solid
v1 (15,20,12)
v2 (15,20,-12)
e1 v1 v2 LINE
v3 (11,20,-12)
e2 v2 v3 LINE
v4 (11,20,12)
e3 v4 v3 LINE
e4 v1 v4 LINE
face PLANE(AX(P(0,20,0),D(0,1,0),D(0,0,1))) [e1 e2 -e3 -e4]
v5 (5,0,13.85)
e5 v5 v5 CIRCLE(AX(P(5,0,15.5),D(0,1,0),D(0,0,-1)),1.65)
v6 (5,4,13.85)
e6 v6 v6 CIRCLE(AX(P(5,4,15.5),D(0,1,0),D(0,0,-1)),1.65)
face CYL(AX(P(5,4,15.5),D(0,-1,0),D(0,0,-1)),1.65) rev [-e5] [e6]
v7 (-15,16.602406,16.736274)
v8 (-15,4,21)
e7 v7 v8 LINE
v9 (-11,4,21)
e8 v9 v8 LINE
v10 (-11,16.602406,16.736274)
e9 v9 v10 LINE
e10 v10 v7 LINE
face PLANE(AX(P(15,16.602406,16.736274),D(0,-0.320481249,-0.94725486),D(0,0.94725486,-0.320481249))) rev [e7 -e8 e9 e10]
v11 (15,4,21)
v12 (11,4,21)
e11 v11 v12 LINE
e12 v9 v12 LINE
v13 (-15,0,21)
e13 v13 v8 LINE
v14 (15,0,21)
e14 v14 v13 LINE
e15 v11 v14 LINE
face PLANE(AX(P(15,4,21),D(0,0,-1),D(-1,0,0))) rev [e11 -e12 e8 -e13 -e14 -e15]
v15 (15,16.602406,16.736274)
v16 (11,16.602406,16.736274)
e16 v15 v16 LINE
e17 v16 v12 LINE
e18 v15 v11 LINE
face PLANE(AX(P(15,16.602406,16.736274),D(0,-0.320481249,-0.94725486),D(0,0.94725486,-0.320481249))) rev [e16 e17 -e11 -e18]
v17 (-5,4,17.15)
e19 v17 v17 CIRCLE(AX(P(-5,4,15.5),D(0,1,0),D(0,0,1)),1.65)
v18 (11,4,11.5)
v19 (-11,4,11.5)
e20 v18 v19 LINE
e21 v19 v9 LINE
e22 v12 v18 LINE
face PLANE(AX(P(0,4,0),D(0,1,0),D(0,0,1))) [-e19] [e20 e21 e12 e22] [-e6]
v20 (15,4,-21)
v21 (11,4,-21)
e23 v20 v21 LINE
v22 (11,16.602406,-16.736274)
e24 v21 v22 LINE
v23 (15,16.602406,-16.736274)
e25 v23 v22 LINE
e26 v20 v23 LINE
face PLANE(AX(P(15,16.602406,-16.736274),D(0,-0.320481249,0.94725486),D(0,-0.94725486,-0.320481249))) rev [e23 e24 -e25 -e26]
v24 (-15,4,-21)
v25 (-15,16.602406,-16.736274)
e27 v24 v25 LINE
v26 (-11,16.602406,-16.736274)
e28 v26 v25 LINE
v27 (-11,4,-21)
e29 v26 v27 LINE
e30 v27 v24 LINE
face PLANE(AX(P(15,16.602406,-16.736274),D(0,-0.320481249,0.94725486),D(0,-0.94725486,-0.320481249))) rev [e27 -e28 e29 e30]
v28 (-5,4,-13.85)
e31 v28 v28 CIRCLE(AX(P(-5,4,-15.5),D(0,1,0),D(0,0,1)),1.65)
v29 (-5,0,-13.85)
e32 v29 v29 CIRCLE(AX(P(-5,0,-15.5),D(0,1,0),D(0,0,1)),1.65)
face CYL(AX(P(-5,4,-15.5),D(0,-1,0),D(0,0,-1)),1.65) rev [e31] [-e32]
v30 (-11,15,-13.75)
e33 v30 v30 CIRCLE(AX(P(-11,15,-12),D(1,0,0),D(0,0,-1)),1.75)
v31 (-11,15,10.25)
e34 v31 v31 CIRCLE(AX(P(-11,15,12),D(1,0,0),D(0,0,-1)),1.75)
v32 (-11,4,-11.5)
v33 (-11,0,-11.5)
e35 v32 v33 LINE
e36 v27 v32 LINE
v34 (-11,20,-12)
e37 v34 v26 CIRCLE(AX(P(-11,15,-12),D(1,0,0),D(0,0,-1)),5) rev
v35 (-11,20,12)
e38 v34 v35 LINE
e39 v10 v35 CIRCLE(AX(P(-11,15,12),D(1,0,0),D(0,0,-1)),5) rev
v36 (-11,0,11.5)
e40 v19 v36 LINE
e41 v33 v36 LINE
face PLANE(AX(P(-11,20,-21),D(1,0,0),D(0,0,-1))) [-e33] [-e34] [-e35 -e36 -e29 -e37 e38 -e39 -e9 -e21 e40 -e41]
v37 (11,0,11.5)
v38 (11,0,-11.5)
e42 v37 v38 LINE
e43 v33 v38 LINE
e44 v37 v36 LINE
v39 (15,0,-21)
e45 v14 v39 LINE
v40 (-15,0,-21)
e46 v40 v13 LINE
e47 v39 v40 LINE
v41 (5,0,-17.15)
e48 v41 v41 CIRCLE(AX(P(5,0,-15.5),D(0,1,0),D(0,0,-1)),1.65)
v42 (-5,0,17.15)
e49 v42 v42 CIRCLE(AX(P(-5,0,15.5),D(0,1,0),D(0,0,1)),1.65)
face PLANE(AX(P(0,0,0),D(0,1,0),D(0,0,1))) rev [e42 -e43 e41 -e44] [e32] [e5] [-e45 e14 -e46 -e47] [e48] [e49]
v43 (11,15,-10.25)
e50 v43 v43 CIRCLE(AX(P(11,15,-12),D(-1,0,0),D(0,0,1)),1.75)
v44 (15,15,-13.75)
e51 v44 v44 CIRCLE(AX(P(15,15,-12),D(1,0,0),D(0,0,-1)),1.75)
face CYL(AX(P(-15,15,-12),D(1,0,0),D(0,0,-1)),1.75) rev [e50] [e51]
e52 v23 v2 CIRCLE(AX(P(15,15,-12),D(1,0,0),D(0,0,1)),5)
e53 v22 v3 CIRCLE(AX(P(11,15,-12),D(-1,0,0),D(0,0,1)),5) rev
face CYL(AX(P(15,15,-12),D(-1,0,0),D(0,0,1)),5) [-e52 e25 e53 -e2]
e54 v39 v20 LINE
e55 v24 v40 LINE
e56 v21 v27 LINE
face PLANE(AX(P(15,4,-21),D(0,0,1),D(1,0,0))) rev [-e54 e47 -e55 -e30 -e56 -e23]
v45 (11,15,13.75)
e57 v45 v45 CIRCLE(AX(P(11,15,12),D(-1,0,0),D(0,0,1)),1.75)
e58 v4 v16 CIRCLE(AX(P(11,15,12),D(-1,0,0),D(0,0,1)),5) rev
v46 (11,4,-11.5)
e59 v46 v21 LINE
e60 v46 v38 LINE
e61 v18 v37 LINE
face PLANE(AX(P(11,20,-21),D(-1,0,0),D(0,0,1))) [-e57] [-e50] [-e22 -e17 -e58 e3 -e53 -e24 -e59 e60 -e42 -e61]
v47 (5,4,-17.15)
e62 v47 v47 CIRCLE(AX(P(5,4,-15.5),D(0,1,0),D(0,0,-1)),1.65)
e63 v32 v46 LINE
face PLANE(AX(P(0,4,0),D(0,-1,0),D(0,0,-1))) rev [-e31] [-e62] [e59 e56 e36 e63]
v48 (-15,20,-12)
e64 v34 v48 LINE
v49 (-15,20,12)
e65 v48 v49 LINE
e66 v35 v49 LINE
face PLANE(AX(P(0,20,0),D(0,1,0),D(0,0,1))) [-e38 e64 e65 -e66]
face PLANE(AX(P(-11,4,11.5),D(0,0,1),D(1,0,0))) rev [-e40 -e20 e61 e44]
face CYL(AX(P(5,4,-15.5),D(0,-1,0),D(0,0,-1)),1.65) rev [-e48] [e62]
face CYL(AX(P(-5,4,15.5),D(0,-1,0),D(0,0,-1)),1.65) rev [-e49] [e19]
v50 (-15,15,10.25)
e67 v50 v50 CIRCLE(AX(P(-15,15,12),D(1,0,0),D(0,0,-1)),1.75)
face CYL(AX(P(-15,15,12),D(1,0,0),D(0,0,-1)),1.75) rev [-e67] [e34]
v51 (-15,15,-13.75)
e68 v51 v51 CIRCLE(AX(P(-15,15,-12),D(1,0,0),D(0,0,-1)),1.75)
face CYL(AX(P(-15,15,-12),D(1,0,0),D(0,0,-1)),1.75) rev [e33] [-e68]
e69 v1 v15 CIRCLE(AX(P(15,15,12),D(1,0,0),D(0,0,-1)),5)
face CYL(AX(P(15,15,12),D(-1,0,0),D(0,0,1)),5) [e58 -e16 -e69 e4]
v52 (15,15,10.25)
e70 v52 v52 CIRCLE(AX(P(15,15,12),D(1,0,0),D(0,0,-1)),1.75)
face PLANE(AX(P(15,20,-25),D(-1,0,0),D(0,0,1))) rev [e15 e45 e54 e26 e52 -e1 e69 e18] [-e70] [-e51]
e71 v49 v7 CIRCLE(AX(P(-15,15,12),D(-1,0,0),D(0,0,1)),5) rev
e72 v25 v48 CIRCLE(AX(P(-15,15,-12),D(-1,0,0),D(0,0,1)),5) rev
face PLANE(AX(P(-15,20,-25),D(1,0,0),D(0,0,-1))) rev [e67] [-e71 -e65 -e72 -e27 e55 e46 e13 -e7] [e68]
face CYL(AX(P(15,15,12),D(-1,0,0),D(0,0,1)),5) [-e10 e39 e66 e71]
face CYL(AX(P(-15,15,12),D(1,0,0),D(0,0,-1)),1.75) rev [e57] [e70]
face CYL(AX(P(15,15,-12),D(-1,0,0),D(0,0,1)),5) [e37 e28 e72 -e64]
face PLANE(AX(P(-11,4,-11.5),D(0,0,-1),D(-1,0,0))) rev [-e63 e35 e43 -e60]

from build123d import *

# Parameters (mm, degrees)
ESBO_O1_W                  = 30
ESBO_O1_H                  = 50
ESBO_O1_W_2                = 22
ESBO_O1_H_2                = 42
RESSALTO_EXTRUS_O1_DEPTH   = 20
ESBO_O3_R                  = 1.75
CORTE_EXTRUS_O2_DEPTH      = 44.874821937
ESBO_O4_W                  = 22
ESBO_O4_H                  = 9.5
ESBO_O4_R                  = 1.65
RESSALTO_EXTRUS_O2_DEPTH   = 4
CORTE_EXTRUS_O3_DEPTH      = 44.874821937
CORTE_EXTRUS_O3_DEPTH_BACK = 44.874821937


with BuildPart() as part:
    # Esboço1 → Ressalto-extrusão1 (new body)
    with BuildSketch(Plane(origin=(0, 0, 0), x_dir=(1, 0, 0), z_dir=(0, 1, 0))):
        Rectangle(ESBO_O1_W, ESBO_O1_H)
        Rectangle(ESBO_O1_W_2, ESBO_O1_H_2, mode=Mode.SUBTRACT)
    extrude(amount=RESSALTO_EXTRUS_O1_DEPTH)

    # Esboço3 → Corte-extrusão2 (cut, through all)
    with BuildSketch(Plane(origin=(15, 0, 0), x_dir=(0, 0, -1), z_dir=(1, 0, 0))):
        with Locations((-12, 15)):
            Circle(ESBO_O3_R)
        with Locations((12, 15)):
            Circle(ESBO_O3_R)
    extrude(amount=-CORTE_EXTRUS_O2_DEPTH, mode=Mode.SUBTRACT)

    # Esboço4 → Ressalto-extrusão2 (add)
    # profile 1 of 2: a face of its own
    with BuildSketch(Plane(origin=(0, 0, 0), x_dir=(1, 0, 0), z_dir=(0, 1, 0))):
        with Locations((0, 16.25)):
            Rectangle(ESBO_O4_W, ESBO_O4_H)
        with Locations(Location((-5, 15.5, 0), (0, 0, 270))):
            Circle(ESBO_O4_R, mode=Mode.SUBTRACT)
        with Locations(Location((5, 15.5, 0), (0, 0, 90))):
            Circle(ESBO_O4_R, mode=Mode.SUBTRACT)
    # profile 2 of 2: a face of its own
    with BuildSketch(Plane(origin=(0, 0, 0), x_dir=(1, 0, 0), z_dir=(0, 1, 0))):
        with Locations((0, -16.25)):
            Rectangle(ESBO_O4_W, ESBO_O4_H)
        with Locations(Location((5, -15.5, 0), (0, 0, 90))):
            Circle(ESBO_O4_R, mode=Mode.SUBTRACT)
        with Locations(Location((-5, -15.5, 0), (0, 0, 270))):
            Circle(ESBO_O4_R, mode=Mode.SUBTRACT)
    extrude(amount=RESSALTO_EXTRUS_O2_DEPTH)

    # Esboço5 → Corte-extrusão3 (cut, two sides: drawn at the far end of the back side and taken through both)
    with BuildSketch(Plane.ZY.offset(15).offset(-CORTE_EXTRUS_O3_DEPTH_BACK)):
        with BuildLine():
            Line((-16.736274298, 16.602406244), (-21, 4))
            Line((-21, 4), (-21, 0))
            Line((-21, 0), (-25, 0))
            Line((-25, 0), (-25, 4))
            Line((-25, 4), (-25, 20))
            Line((-25, 20), (-12, 20))
            ThreePointArc((-12, 20), (-14.914444096, 19.062759605), (-16.736274298, 16.602406244))
        make_face()
        with BuildLine():
            Line((25, 0), (25, 4))
            Line((25, 4), (25, 20))
            Line((25, 20), (12, 20))
            ThreePointArc((12, 20), (14.914444096, 19.062759605), (16.736274298, 16.602406244))
            Line((16.736274298, 16.602406244), (21, 4))
            Line((21, 4), (21, 0))
            Line((21, 0), (25, 0))
        make_face()
    extrude(amount=CORTE_EXTRUS_O3_DEPTH + CORTE_EXTRUS_O3_DEPTH_BACK, mode=Mode.SUBTRACT)


solid = part.part
